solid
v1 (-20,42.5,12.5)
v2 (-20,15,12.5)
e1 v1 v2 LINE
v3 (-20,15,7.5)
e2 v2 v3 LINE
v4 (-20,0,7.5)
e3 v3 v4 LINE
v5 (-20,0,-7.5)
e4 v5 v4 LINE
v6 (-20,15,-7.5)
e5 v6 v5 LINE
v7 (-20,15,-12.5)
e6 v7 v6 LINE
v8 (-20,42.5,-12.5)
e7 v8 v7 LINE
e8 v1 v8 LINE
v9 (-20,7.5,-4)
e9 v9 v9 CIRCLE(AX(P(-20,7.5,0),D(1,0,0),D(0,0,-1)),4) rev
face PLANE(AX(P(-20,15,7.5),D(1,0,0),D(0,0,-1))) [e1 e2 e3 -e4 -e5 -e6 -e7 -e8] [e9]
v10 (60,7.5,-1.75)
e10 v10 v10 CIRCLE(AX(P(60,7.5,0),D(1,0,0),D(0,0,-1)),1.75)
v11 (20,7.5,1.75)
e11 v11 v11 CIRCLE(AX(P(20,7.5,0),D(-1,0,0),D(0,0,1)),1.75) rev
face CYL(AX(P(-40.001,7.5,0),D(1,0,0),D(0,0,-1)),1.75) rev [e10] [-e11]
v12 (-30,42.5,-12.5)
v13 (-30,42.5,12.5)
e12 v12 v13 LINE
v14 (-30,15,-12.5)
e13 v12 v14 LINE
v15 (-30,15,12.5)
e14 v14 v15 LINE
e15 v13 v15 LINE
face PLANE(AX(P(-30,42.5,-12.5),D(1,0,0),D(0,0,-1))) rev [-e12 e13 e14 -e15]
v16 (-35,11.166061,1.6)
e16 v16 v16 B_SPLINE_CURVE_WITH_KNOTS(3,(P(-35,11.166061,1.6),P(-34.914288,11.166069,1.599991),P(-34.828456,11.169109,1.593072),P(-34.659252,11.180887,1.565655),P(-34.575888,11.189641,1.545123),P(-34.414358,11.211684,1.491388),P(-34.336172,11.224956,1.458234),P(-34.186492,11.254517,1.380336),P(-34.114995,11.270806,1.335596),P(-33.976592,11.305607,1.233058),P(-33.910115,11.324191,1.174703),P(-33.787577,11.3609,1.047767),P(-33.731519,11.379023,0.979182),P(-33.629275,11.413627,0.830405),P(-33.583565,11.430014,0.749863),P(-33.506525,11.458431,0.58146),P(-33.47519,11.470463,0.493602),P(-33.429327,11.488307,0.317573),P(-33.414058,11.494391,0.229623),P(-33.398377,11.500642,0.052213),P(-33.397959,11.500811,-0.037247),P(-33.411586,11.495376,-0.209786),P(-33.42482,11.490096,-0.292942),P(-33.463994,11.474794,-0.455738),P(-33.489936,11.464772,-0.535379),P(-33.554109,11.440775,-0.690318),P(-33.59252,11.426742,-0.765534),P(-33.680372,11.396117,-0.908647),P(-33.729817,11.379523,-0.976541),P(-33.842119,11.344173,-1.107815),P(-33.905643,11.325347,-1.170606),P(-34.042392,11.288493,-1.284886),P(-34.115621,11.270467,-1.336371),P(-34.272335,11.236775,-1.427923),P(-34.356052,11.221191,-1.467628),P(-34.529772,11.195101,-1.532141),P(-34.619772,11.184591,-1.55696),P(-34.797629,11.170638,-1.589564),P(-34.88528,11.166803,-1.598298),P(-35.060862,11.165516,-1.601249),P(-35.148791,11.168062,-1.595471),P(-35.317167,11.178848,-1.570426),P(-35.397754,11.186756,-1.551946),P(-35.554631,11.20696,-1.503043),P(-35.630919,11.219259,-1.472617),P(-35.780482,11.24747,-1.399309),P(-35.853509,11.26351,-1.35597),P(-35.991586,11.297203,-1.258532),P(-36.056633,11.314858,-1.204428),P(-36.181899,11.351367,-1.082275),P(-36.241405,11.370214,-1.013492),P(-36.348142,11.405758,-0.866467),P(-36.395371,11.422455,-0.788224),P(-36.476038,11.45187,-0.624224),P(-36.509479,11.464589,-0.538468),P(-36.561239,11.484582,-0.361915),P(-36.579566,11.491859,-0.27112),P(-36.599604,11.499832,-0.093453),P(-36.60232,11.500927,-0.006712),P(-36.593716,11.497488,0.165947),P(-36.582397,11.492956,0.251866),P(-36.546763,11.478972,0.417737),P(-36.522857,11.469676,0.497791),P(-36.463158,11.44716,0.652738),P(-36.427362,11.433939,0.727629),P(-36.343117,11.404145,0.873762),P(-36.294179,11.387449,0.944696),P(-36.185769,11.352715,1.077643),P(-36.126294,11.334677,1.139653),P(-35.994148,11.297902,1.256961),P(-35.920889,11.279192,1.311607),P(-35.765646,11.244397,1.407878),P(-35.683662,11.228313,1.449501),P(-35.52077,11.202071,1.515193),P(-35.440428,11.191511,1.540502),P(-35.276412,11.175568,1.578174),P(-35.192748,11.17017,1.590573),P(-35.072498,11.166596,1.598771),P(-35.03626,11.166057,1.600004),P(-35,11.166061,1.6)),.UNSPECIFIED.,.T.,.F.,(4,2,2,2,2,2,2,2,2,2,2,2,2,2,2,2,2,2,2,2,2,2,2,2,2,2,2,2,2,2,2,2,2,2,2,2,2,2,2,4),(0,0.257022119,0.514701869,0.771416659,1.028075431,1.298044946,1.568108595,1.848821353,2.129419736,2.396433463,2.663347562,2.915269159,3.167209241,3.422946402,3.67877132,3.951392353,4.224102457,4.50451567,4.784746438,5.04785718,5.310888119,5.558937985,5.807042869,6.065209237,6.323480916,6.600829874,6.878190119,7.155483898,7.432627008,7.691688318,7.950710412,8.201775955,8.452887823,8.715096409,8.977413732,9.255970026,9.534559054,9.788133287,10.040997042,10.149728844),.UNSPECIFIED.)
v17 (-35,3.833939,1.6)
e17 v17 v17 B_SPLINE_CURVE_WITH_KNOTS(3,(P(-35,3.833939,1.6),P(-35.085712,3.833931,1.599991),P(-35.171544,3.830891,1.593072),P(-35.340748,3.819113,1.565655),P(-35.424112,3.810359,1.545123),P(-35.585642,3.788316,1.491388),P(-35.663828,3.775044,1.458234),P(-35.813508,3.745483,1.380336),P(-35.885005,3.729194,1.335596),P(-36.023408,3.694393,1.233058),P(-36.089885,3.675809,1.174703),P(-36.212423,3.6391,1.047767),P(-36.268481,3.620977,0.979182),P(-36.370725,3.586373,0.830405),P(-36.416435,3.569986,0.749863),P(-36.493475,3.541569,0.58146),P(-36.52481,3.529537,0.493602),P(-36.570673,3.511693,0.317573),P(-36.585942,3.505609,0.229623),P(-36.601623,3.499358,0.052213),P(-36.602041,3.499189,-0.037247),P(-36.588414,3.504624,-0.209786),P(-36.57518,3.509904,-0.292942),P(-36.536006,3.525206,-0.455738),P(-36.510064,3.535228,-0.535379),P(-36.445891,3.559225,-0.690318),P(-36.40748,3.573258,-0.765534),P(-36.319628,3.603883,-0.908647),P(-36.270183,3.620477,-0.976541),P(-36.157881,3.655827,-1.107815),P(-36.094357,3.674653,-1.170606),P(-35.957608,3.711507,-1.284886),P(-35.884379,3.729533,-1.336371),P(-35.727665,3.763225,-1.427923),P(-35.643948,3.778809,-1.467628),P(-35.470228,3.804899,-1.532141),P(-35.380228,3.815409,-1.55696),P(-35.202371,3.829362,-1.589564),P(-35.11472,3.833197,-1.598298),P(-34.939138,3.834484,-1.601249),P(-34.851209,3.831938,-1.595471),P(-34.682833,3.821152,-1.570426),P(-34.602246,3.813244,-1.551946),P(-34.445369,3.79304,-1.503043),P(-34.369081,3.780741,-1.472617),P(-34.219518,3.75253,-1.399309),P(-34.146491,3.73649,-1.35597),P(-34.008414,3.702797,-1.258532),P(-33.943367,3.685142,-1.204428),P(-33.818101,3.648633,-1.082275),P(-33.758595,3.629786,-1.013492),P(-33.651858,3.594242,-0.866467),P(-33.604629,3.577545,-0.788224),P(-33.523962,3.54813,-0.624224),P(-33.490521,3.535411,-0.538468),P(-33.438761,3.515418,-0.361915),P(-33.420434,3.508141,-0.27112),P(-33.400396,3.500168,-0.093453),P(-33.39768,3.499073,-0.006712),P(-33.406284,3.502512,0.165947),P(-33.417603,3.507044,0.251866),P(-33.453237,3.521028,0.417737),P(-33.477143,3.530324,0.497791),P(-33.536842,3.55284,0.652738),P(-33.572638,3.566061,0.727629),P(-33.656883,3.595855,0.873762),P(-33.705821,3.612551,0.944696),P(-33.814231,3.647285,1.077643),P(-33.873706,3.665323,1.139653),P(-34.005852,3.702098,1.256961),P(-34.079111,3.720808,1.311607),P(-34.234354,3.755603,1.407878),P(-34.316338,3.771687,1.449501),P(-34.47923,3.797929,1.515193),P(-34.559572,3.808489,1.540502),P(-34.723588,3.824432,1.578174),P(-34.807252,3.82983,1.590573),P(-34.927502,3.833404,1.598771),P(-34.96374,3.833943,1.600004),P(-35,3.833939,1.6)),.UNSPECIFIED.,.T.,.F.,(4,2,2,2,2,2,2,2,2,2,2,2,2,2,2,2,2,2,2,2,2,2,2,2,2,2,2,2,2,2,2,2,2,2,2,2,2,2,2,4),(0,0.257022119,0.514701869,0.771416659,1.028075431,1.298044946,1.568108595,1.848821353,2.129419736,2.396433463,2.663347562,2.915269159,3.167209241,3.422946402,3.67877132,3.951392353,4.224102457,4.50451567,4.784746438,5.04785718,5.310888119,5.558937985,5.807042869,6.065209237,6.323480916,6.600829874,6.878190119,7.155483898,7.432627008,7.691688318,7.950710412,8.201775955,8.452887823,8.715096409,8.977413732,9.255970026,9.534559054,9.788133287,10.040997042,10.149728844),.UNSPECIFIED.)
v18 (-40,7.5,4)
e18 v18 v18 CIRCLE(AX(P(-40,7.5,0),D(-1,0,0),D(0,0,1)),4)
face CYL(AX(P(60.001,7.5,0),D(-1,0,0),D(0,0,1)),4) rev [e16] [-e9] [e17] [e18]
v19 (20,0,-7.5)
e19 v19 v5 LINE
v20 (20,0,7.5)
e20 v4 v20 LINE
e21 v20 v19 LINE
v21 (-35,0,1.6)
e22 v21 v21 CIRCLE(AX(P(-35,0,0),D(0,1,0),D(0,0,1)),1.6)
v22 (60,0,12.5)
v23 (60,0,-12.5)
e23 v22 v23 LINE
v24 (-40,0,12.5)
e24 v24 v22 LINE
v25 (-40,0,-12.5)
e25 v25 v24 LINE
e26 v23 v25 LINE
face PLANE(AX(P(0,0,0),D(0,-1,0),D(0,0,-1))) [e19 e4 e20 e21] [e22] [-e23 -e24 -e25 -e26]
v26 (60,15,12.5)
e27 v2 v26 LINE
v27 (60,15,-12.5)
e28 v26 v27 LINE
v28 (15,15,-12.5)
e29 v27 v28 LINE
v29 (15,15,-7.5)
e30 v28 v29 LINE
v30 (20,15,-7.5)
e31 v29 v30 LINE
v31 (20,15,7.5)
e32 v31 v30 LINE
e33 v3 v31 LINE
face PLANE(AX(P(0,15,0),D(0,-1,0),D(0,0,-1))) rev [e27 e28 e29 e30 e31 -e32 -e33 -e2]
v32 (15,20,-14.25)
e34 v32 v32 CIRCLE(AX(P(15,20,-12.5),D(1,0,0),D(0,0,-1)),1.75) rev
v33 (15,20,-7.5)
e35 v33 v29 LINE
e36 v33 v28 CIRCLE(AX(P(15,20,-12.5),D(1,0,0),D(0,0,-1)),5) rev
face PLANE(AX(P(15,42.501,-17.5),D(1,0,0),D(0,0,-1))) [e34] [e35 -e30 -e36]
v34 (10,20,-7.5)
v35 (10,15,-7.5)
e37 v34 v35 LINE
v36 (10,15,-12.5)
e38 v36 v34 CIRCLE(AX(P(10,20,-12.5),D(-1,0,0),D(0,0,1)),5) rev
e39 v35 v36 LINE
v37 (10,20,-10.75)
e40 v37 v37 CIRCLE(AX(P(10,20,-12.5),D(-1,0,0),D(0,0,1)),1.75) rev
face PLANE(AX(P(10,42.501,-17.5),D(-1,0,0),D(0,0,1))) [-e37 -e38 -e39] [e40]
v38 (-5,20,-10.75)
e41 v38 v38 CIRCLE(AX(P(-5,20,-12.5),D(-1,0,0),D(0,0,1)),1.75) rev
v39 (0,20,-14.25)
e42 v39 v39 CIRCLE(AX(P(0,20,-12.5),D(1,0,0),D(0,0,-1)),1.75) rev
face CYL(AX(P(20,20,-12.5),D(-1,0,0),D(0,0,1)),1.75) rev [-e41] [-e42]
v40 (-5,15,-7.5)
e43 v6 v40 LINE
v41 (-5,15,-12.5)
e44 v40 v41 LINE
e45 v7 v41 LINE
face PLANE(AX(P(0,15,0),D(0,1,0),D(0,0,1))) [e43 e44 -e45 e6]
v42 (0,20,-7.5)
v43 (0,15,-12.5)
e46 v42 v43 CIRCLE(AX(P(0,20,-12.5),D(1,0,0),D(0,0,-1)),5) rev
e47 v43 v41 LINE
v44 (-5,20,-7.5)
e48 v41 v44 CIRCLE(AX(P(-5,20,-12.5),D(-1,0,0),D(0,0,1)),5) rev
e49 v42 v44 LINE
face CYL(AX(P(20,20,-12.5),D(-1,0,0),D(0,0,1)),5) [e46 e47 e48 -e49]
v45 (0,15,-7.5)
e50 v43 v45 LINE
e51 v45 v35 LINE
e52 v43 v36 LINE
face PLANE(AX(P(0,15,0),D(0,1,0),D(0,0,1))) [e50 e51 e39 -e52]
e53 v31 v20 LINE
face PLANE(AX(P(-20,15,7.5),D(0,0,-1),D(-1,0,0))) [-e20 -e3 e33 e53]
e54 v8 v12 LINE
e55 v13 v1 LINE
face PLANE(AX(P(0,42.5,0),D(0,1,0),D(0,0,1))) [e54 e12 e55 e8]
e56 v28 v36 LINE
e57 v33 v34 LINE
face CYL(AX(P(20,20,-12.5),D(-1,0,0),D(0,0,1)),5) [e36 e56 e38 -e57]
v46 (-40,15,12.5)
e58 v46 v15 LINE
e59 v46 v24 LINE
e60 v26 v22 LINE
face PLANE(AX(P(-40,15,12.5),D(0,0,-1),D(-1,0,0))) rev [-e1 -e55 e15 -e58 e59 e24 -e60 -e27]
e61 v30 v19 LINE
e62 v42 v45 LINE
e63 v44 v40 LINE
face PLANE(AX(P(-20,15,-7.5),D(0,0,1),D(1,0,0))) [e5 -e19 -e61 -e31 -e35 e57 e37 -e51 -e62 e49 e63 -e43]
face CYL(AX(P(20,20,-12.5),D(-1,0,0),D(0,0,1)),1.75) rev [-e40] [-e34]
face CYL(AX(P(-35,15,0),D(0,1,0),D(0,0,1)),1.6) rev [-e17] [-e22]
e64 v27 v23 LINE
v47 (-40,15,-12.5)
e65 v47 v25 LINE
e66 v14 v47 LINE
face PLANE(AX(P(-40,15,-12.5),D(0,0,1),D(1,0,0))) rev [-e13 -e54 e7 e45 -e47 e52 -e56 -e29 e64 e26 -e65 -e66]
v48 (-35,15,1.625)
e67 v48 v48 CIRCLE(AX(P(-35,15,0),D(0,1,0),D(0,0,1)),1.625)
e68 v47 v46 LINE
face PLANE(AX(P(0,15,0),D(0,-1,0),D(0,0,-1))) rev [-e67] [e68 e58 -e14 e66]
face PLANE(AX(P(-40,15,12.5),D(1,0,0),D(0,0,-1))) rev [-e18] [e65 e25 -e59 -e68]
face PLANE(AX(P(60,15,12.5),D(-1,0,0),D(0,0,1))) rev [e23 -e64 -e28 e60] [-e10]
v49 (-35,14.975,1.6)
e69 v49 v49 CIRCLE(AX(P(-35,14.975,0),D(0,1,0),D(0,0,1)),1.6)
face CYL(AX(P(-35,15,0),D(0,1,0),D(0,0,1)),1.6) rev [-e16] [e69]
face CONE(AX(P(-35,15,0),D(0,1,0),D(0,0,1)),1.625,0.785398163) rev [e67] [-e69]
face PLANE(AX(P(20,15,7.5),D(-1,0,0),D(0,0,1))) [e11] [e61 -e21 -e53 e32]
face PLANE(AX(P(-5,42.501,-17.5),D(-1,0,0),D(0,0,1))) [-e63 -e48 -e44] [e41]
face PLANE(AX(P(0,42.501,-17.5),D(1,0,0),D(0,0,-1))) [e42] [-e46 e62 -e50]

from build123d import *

# Parameters (mm, degrees)
SKETCH2_W                            = 100
SKETCH2_H                            = 25
SKETCH2_W_2                          = 40
SKETCH2_H_2                          = 15
BOSS_EXTRUDE1_DEPTH                  = 15
CUT_EXTRUDE1_REACH                   = 103.888
SKETCH3_R                            = 1.75
CUT_EXTRUDE2_REACH                   = 103.888
SKETCH4_R                            = 4
F_3_2_3_2_DIAMETER_HOLE1_D           = 3.2
F_3_2_3_2_DIAMETER_HOLE1_CSINK_D     = 3.25
F_3_2_3_2_DIAMETER_HOLE1_CSINK_ANGLE = 90
SKETCH8_W                            = 10
SKETCH8_H                            = 25
BOSS_EXTRUDE2_DEPTH                  = 27.5
SKETCH9_R                            = 1.75
BOSS_EXTRUDE3_DEPTH                  = 40
CUT_EXTRUDE3_REACH                   = 70.283
SKETCH10_W                           = 15
SKETCH10_H                           = 10
SKETCH10_W_2                         = 10
SKETCH10_W_3                         = 5


with BuildPart() as part:
    # Sketch2 → Boss-Extrude1 (new body)
    with BuildSketch(Plane(origin=(0, 0, 0), x_dir=(1, 0, 0), z_dir=(0, 1, 0))):
        with Locations((10, 0)):
            Rectangle(SKETCH2_W, SKETCH2_H)
        Rectangle(SKETCH2_W_2, SKETCH2_H_2, mode=Mode.SUBTRACT)
    extrude(amount=BOSS_EXTRUDE1_DEPTH)

    # Sketch3 → Cut-Extrude1 (cut, up to next)
    with BuildSketch(Plane(origin=(60, 0, 0), x_dir=(0, 0, -1), z_dir=(1, 0, 0)), mode=Mode.PRIVATE) as cut_extrude1_sk1:
        with Locations((0, 7.5)):
            Circle(SKETCH3_R)
    cut_extrude1_tool1 = extrude(cut_extrude1_sk1.sketch, amount=-CUT_EXTRUDE1_REACH, mode=Mode.PRIVATE) & part.part
    add(cut_extrude1_tool1.solids().sort_by_distance((60, 7.5, 0))[0], mode=Mode.SUBTRACT)

    # Sketch4 → Cut-Extrude2 (cut, up to next)
    with BuildSketch(Plane.ZY.offset(40), mode=Mode.PRIVATE) as cut_extrude2_sk1:
        with Locations((0, 7.5)):
            Circle(SKETCH4_R)
    cut_extrude2_tool1 = extrude(cut_extrude2_sk1.sketch, amount=-CUT_EXTRUDE2_REACH, mode=Mode.PRIVATE) & part.part
    add(cut_extrude2_tool1.solids().sort_by_distance((-40, 7.5, 0))[0], mode=Mode.SUBTRACT)

    # Ø3.2 (3.2) Diameter Hole1 (through all)
    with Locations(Plane(origin=(0, 15, 0), x_dir=(1, 0, 0), z_dir=(0, 1, 0))):
        with Locations((-35, 0)):
            CounterSinkHole(F_3_2_3_2_DIAMETER_HOLE1_D / 2, F_3_2_3_2_DIAMETER_HOLE1_CSINK_D / 2, counter_sink_angle=F_3_2_3_2_DIAMETER_HOLE1_CSINK_ANGLE)

    # Sketch8 → Boss-Extrude2 (add)
    with BuildSketch(Plane(origin=(0, 15, 0), x_dir=(1, 0, 0), z_dir=(0, 1, 0))):
        with Locations((-25, 0)):
            Rectangle(SKETCH8_W, SKETCH8_H)
    extrude(amount=BOSS_EXTRUDE2_DEPTH)

    # Sketch9 → Boss-Extrude3 (add)
    with BuildSketch(Plane(origin=(-20, 0, 0), x_dir=(0, 0, -1), z_dir=(1, 0, 0))):
        with BuildLine():
            Line((7.5, 20), (7.5, 15))
            Line((7.5, 15), (12.5, 15))
            ThreePointArc((12.5, 15), (16.035533906, 23.535533906), (7.5, 20))
        make_face()
        with Locations(Location((12.5, 20, 0), (0, 0, 90))):
            Circle(SKETCH9_R, mode=Mode.SUBTRACT)
    extrude(amount=BOSS_EXTRUDE3_DEPTH)

    # Sketch10 → Cut-Extrude3 (cut, up to next)
    with BuildSketch(Plane(origin=(0, 15, 0), x_dir=(1, 0, 0), z_dir=(0, 1, 0)), mode=Mode.PRIVATE) as cut_extrude3_sk1:
        with Locations((-12.5, 12.5)):
            Rectangle(SKETCH10_W, SKETCH10_H)
    cut_extrude3_tool1 = extrude(cut_extrude3_sk1.sketch, amount=CUT_EXTRUDE3_REACH, mode=Mode.PRIVATE) & part.part
    # Sketch10 → Cut-Extrude3 (cut, up to next)
    with BuildSketch(Plane(origin=(0, 15, 0), x_dir=(1, 0, 0), z_dir=(0, 1, 0)), mode=Mode.PRIVATE) as cut_extrude3_sk2:
        with Locations((5, 12.5)):
            Rectangle(SKETCH10_W_2, SKETCH10_H)
    cut_extrude3_tool2 = extrude(cut_extrude3_sk2.sketch, amount=CUT_EXTRUDE3_REACH, mode=Mode.PRIVATE) & part.part
    # Sketch10 → Cut-Extrude3 (cut, up to next)
    with BuildSketch(Plane(origin=(0, 15, 0), x_dir=(1, 0, 0), z_dir=(0, 1, 0)), mode=Mode.PRIVATE) as cut_extrude3_sk3:
        with Locations((17.5, 12.5)):
            Rectangle(SKETCH10_W_3, SKETCH10_H)
    cut_extrude3_tool3 = extrude(cut_extrude3_sk3.sketch, amount=CUT_EXTRUDE3_REACH, mode=Mode.PRIVATE) & part.part
    add(cut_extrude3_tool1.solids().sort_by_distance((-12.5, 15, -12.5))[0], mode=Mode.SUBTRACT)
    add(cut_extrude3_tool2.solids().sort_by_distance((5, 15, -12.5))[0], mode=Mode.SUBTRACT)
    add(cut_extrude3_tool3.solids().sort_by_distance((17.5, 15, -12.5))[0], mode=Mode.SUBTRACT)


solid = part.part
